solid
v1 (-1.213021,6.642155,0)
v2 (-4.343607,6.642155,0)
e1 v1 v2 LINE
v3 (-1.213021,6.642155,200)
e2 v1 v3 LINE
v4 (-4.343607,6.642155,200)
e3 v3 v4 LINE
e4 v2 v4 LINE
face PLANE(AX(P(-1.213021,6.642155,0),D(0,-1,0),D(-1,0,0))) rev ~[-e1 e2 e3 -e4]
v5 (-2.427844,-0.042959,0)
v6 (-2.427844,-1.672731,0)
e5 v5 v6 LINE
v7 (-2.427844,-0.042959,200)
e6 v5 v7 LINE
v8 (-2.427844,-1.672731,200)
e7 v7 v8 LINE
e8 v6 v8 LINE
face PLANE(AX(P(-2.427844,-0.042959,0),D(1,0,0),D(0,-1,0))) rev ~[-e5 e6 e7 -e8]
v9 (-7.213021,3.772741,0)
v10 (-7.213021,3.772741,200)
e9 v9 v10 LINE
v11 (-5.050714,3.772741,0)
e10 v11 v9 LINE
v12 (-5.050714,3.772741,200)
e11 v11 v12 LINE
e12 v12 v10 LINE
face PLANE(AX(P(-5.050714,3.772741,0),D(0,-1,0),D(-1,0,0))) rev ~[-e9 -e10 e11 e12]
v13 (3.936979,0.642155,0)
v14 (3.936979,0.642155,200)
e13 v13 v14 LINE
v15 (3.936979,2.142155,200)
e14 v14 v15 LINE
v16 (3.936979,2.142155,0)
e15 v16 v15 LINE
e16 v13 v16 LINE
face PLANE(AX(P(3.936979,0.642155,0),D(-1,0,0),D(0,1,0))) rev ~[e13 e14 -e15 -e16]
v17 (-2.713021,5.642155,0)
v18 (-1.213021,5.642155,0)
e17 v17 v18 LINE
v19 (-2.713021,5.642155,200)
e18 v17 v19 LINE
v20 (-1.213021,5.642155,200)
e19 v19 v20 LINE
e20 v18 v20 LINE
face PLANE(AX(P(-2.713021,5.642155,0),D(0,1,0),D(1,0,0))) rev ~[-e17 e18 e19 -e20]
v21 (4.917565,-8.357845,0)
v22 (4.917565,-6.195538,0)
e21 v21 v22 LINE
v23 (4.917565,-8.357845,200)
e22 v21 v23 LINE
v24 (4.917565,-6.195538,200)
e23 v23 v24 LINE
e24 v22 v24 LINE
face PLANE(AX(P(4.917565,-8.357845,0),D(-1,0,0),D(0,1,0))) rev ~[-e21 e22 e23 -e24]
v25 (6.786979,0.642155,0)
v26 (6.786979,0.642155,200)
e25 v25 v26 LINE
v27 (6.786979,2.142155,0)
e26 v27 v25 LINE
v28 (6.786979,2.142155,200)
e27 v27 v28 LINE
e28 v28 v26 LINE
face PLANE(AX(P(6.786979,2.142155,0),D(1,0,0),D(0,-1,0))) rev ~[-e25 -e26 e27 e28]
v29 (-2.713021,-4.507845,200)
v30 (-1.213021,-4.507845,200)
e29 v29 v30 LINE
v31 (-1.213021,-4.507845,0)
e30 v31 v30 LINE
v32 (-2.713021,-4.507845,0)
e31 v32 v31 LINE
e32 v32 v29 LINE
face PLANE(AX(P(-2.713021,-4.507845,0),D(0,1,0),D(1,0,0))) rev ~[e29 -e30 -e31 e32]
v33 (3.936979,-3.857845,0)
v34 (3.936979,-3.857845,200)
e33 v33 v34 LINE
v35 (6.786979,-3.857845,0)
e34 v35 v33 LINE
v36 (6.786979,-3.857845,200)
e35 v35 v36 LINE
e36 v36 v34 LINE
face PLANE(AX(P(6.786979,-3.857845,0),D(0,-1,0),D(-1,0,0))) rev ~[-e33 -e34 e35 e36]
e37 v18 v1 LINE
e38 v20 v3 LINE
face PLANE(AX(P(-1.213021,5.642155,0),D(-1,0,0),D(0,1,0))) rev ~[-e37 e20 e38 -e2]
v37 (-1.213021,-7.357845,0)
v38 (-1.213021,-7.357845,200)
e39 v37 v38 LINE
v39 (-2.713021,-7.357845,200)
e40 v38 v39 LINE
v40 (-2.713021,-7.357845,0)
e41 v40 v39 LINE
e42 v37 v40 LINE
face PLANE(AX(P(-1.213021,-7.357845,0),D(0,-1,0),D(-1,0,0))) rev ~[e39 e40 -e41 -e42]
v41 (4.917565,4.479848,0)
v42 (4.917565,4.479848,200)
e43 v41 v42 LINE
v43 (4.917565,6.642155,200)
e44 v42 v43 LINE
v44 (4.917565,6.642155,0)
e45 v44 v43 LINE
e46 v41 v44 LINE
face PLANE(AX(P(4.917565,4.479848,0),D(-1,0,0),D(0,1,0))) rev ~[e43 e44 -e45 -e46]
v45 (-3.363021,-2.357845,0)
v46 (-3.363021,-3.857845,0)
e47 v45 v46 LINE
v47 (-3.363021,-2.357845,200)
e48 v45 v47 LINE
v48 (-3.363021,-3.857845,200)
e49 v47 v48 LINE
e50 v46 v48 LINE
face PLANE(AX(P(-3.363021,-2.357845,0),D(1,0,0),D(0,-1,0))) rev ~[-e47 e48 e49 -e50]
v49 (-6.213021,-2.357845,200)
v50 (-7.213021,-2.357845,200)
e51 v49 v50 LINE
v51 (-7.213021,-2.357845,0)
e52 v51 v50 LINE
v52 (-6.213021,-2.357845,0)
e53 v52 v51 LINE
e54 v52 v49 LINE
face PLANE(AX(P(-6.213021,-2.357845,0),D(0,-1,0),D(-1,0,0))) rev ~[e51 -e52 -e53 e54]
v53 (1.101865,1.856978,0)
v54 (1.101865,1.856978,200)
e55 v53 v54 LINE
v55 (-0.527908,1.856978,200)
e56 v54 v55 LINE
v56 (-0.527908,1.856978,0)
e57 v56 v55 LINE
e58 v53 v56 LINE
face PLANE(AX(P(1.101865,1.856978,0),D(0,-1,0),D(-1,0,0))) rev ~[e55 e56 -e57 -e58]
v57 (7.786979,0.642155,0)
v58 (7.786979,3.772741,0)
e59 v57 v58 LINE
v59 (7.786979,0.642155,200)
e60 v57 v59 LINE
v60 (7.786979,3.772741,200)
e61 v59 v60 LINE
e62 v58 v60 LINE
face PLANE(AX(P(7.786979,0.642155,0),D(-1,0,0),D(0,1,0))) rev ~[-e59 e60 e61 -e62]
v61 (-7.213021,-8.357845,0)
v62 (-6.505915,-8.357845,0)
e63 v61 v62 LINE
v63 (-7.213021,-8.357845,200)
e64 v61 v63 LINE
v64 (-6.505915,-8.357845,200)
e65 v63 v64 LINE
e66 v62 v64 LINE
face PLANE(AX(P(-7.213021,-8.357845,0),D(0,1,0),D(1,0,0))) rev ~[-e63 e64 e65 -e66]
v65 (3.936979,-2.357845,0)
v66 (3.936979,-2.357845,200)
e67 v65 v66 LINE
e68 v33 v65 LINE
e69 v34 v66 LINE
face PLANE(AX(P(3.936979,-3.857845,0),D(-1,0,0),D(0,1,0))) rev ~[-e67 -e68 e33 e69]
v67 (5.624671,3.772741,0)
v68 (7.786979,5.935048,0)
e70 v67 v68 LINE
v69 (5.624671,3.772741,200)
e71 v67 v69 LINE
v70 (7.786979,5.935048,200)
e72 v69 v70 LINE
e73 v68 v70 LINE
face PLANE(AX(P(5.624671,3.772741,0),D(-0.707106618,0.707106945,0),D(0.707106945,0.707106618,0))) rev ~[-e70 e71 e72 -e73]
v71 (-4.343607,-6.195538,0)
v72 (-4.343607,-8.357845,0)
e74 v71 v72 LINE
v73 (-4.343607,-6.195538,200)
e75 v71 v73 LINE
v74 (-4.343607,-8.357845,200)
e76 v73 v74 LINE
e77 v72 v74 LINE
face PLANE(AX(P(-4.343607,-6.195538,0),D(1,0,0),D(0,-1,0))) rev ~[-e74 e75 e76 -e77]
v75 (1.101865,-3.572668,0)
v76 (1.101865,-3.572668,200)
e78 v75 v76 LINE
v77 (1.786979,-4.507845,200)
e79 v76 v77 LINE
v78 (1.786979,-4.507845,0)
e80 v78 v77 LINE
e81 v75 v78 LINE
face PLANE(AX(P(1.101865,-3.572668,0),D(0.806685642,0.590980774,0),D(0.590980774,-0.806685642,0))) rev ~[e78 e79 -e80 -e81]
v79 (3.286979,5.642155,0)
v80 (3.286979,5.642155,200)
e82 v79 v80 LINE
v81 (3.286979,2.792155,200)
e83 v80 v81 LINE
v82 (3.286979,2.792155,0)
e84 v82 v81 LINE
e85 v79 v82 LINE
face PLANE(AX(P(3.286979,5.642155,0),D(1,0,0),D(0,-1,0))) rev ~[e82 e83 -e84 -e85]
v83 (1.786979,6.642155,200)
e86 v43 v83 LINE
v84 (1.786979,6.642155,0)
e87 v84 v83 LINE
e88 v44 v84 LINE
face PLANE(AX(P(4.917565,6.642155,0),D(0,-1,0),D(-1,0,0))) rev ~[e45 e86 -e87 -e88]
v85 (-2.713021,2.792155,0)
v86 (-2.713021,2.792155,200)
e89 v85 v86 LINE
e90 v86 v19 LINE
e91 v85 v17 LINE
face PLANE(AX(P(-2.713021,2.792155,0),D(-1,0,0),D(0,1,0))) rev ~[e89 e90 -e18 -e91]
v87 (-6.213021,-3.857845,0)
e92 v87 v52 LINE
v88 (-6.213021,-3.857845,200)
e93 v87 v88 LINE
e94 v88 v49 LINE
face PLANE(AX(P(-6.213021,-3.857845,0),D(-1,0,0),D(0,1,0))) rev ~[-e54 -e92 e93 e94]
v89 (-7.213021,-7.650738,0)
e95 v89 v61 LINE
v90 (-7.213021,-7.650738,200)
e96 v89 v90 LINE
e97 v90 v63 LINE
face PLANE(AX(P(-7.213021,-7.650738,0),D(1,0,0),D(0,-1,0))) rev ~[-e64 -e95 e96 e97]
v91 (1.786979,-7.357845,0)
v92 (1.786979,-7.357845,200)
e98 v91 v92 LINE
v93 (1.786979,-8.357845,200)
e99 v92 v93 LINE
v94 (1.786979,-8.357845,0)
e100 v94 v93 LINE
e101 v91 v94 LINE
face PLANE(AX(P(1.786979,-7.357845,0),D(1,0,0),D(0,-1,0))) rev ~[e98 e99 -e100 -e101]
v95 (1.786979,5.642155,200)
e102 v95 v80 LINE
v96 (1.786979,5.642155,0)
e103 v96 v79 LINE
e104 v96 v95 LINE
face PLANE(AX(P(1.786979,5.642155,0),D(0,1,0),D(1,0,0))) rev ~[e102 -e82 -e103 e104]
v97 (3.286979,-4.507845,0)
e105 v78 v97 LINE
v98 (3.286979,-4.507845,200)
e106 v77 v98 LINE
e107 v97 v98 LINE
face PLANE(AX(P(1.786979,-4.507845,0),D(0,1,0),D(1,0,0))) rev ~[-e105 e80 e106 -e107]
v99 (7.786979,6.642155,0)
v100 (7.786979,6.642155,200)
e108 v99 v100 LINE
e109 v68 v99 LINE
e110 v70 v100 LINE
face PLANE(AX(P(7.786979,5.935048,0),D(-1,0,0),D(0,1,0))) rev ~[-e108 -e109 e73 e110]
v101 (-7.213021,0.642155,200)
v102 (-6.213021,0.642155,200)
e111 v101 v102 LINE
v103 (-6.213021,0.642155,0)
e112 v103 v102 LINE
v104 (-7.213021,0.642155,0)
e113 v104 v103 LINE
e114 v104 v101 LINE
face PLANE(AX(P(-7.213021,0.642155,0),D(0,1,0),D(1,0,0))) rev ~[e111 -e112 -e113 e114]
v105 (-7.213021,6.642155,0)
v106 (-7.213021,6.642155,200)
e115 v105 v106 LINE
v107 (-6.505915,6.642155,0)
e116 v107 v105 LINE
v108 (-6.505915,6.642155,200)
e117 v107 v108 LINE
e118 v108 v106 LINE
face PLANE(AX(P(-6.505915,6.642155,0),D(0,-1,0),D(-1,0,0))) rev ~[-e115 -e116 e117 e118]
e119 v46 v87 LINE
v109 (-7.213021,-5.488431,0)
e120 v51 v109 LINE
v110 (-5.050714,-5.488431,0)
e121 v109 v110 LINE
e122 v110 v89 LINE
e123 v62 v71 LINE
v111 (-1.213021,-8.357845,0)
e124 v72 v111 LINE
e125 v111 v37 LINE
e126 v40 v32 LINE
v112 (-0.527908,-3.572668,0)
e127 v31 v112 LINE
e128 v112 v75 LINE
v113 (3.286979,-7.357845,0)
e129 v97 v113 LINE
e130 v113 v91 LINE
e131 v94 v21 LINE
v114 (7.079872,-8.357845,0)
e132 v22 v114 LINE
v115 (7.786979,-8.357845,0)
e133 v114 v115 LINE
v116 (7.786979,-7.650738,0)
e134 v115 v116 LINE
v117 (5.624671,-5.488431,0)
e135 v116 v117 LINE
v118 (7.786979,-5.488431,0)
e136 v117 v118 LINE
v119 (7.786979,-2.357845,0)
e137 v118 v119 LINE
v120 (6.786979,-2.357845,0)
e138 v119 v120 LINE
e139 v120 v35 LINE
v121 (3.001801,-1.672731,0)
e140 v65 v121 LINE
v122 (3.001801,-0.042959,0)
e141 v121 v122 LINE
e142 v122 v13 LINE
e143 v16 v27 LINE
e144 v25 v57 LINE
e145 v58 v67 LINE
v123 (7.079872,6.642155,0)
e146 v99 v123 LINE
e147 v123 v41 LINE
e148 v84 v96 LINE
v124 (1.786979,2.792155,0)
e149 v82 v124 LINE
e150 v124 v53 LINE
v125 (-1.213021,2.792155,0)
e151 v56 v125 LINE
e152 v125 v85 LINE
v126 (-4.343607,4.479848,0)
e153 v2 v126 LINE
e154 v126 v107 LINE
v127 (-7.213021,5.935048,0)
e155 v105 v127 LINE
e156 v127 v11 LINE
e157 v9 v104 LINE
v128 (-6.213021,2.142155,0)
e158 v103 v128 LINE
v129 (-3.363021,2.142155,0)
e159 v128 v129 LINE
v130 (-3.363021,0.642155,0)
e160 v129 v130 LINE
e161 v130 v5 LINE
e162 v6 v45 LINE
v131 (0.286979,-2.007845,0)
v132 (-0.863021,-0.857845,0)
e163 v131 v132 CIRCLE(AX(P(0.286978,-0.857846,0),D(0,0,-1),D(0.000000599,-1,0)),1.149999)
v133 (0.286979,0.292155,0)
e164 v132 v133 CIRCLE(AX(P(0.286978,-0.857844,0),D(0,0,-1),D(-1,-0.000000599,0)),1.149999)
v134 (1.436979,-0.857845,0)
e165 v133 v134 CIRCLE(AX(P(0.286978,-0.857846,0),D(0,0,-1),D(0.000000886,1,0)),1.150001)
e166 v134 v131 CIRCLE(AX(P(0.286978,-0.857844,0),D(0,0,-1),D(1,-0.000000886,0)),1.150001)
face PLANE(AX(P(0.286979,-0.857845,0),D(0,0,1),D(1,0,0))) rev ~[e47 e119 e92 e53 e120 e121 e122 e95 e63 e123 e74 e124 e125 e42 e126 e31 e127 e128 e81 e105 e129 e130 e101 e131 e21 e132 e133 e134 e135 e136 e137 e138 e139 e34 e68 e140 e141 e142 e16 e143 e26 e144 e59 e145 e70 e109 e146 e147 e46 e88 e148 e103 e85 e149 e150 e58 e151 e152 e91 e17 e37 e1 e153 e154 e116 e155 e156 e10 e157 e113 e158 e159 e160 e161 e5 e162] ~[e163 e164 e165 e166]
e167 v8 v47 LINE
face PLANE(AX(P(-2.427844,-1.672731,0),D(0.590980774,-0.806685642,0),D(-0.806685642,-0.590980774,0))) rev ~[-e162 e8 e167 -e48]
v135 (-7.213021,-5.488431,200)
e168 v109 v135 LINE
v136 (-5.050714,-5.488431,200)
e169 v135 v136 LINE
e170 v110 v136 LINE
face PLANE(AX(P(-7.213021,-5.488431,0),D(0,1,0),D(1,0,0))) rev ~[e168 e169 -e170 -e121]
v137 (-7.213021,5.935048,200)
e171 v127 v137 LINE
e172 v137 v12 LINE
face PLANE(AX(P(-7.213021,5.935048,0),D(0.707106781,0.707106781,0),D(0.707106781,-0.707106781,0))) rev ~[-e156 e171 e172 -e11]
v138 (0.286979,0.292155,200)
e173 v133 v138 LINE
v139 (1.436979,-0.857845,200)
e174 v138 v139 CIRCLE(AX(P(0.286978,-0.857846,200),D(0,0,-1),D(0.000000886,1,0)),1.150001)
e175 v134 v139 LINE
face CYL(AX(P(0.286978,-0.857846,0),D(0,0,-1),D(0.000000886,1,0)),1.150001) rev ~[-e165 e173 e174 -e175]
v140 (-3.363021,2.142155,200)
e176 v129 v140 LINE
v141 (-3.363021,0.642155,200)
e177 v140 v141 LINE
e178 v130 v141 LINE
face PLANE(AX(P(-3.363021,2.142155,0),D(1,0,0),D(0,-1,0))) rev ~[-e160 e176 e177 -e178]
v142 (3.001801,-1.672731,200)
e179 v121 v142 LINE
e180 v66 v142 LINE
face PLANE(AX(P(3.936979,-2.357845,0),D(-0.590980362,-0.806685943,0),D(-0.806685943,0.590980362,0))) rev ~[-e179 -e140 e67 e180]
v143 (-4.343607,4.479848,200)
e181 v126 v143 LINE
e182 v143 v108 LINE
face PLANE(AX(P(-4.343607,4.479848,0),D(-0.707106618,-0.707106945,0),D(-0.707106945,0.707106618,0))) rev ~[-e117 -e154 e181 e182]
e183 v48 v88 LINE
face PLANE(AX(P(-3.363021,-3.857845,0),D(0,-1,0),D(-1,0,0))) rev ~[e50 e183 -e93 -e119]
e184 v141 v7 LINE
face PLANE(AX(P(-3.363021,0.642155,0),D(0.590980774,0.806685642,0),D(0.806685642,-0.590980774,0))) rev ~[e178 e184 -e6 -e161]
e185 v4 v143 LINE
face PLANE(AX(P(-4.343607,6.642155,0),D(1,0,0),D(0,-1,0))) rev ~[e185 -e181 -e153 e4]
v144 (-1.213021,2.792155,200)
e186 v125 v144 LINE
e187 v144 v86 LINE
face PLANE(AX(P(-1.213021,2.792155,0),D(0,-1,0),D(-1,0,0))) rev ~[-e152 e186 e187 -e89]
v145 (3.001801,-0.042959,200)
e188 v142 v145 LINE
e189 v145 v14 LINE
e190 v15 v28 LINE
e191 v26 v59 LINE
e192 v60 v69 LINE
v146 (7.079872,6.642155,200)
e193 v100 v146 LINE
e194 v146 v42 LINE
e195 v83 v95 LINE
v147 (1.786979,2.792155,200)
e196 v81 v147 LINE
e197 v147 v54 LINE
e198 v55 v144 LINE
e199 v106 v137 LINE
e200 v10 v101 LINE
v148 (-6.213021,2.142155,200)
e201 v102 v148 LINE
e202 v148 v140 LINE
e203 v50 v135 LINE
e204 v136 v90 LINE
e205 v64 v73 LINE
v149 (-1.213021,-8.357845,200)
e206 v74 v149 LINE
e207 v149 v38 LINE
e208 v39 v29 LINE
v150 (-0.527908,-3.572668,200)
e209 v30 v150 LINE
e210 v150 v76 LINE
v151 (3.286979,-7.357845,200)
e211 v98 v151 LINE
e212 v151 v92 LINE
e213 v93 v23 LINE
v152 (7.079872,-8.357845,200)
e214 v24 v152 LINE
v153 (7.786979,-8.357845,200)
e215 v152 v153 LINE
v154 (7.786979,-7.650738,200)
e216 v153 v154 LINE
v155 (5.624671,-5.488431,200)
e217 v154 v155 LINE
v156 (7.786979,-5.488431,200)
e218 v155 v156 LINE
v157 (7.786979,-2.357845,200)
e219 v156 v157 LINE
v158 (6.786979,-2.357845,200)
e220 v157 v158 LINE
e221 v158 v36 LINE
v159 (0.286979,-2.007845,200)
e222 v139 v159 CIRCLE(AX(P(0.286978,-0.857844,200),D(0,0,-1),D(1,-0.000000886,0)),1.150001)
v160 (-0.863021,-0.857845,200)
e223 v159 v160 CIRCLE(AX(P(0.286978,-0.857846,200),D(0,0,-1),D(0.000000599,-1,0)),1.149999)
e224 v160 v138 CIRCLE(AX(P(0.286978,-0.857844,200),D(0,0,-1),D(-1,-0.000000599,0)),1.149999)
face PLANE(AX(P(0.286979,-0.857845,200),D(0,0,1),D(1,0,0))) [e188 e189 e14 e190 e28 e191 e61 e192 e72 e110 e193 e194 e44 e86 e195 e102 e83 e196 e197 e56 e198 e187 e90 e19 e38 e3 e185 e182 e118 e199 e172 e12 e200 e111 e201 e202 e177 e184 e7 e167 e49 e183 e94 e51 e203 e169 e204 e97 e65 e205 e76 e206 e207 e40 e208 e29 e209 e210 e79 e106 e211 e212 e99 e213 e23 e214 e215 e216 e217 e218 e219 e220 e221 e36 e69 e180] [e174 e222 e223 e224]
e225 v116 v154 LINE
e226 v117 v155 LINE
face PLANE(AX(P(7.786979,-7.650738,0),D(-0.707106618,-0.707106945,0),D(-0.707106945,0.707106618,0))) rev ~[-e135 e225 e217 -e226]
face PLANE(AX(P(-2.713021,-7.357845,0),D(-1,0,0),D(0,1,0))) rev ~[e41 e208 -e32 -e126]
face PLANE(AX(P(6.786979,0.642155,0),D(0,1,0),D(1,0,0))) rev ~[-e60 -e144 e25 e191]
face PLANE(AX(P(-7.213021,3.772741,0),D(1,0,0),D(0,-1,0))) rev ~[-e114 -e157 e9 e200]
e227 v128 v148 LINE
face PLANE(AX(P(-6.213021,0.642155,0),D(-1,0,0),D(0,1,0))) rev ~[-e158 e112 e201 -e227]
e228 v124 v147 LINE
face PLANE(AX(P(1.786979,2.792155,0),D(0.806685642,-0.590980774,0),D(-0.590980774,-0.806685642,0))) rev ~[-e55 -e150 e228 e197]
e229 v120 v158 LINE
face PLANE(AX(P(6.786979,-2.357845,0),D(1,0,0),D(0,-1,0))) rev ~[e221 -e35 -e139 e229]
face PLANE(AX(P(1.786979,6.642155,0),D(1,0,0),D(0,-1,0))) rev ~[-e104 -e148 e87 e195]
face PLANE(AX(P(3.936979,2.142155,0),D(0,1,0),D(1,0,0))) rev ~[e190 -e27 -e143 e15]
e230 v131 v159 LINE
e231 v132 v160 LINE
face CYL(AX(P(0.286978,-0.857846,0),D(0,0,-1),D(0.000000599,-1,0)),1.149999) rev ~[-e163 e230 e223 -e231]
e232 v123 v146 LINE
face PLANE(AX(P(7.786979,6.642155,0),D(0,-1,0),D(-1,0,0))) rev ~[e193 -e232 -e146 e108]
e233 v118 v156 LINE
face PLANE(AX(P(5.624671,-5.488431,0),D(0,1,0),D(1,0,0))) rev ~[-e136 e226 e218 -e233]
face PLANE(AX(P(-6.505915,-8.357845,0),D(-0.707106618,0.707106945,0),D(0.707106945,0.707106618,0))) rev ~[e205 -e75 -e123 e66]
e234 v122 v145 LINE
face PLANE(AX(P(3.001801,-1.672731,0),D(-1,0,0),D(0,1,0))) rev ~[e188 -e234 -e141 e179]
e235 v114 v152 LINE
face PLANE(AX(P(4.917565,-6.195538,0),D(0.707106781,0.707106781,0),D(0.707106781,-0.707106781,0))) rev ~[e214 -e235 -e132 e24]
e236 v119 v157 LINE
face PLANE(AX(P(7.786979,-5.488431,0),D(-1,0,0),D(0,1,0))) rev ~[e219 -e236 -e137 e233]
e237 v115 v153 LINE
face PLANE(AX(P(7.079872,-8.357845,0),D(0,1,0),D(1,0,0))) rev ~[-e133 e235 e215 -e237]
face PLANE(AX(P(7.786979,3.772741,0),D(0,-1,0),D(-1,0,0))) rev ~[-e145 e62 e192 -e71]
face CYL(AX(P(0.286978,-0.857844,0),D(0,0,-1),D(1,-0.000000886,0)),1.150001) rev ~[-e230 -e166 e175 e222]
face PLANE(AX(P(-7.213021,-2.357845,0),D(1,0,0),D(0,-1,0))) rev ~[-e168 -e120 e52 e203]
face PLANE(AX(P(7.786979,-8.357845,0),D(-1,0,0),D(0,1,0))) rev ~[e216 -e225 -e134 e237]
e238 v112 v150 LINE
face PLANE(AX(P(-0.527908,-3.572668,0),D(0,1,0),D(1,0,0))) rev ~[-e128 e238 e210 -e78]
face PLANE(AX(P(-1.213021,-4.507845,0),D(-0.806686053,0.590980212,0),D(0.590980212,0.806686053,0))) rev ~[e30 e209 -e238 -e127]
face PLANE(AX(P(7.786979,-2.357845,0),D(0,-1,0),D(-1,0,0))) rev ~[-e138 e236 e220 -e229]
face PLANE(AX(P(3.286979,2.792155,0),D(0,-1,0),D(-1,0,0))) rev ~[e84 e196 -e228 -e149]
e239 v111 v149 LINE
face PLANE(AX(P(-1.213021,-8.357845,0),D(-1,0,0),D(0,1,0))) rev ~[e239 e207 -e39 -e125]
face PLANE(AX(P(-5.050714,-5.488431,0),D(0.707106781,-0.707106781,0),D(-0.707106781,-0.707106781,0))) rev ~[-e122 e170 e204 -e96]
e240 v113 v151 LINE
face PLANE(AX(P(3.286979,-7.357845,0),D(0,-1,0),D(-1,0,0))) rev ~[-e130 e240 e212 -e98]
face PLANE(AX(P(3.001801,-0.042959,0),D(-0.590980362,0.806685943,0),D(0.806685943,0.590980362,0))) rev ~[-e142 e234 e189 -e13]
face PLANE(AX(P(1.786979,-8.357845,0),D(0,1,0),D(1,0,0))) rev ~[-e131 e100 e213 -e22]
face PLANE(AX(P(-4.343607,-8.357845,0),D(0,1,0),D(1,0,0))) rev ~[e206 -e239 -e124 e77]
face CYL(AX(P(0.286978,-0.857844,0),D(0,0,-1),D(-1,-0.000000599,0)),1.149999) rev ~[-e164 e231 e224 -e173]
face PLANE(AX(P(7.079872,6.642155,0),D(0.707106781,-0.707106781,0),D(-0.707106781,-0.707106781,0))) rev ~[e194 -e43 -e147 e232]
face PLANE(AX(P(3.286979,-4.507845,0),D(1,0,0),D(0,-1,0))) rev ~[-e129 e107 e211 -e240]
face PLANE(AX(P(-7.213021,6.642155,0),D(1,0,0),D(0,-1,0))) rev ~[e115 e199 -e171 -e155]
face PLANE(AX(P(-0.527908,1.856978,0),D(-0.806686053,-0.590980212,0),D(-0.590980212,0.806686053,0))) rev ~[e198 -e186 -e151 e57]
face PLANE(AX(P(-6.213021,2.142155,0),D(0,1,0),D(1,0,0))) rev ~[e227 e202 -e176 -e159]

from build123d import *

# Parameters (mm, degrees)
F1_DEPTH = 200


with BuildPart() as f1:
    # F0 (on Top) → F1 (new body)
    with BuildSketch(Plane.XY):
        Polygon((-7.213021, 3.772741), (-7.213021, 0.642155), (-6.213021, 0.642155), (-6.213021, 2.142155), (-3.363021, 2.142155), (-3.363021, 0.642155), (-2.427844, -0.042959), (-2.427844, -0.857845), (-2.427844, -1.672731), (-3.363021, -2.357845), (-3.363021, -3.857845), (-6.213021, -3.857845), (-6.213021, -2.357845), (-7.213021, -2.357845), (-7.213021, -5.488431), (-5.050714, -5.488431), (-7.213021, -7.650738), (-7.213021, -8.357845), (-6.505915, -8.357845), (-4.343607, -6.195538), (-4.343607, -8.357845), (-1.213021, -8.357845), (-1.213021, -7.357845), (-2.713021, -7.357845), (-2.713021, -4.507845), (-1.213021, -4.507845), (-0.527908, -3.572668), (0.286979, -3.572668), (1.101865, -3.572668), (1.786979, -4.507845), (3.286979, -4.507845), (3.286979, -7.357845), (1.786979, -7.357845), (1.786979, -8.357845), (4.917565, -8.357845), (4.917565, -6.195538), (7.079872, -8.357845), (7.786979, -8.357845), (7.786979, -7.650738), (5.624671, -5.488431), (7.786979, -5.488431), (7.786979, -2.357845), (6.786979, -2.357845), (6.786979, -3.857845), (3.936979, -3.857845), (3.936979, -2.357845), (3.001801, -1.672731), (3.001801, -0.857845), (3.001801, -0.042959), (3.936979, 0.642155), (3.936979, 2.142155), (6.786979, 2.142155), (6.786979, 0.642155), (7.786979, 0.642155), (7.786979, 3.772741), (5.624671, 3.772741), (7.786979, 5.935048), (7.786979, 6.642155), (7.079872, 6.642155), (4.917565, 4.479848), (4.917565, 6.642155), (1.786979, 6.642155), (1.786979, 5.642155), (3.286979, 5.642155), (3.286979, 2.792155), (1.786979, 2.792155), (1.101865, 1.856978), (0.286979, 1.856978), (-0.527908, 1.856978), (-1.213021, 2.792155), (-2.713021, 2.792155), (-2.713021, 5.642155), (-1.213021, 5.642155), (-1.213021, 6.642155), (-4.343607, 6.642155), (-4.343607, 4.479848), (-6.505915, 6.642155), (-7.213021, 6.642155), (-7.213021, 5.935048), (-5.050714, 3.772741), align=None)
        with BuildLine():
            ThreePointArc((-0.863021, -0.857845), (-0.526194, -0.044672), (0.286979, 0.292155))
            ThreePointArc((0.286979, 0.292155), (1.100151, -0.044672), (1.436979, -0.857845))
            ThreePointArc((1.436979, -0.857845), (1.100151, -1.671018), (0.286979, -2.007845))
            ThreePointArc((0.286979, -2.007845), (-0.526194, -1.671018), (-0.863021, -0.857845))
        make_face(mode=Mode.SUBTRACT)
    extrude(amount=F1_DEPTH)


solid = f1.part
